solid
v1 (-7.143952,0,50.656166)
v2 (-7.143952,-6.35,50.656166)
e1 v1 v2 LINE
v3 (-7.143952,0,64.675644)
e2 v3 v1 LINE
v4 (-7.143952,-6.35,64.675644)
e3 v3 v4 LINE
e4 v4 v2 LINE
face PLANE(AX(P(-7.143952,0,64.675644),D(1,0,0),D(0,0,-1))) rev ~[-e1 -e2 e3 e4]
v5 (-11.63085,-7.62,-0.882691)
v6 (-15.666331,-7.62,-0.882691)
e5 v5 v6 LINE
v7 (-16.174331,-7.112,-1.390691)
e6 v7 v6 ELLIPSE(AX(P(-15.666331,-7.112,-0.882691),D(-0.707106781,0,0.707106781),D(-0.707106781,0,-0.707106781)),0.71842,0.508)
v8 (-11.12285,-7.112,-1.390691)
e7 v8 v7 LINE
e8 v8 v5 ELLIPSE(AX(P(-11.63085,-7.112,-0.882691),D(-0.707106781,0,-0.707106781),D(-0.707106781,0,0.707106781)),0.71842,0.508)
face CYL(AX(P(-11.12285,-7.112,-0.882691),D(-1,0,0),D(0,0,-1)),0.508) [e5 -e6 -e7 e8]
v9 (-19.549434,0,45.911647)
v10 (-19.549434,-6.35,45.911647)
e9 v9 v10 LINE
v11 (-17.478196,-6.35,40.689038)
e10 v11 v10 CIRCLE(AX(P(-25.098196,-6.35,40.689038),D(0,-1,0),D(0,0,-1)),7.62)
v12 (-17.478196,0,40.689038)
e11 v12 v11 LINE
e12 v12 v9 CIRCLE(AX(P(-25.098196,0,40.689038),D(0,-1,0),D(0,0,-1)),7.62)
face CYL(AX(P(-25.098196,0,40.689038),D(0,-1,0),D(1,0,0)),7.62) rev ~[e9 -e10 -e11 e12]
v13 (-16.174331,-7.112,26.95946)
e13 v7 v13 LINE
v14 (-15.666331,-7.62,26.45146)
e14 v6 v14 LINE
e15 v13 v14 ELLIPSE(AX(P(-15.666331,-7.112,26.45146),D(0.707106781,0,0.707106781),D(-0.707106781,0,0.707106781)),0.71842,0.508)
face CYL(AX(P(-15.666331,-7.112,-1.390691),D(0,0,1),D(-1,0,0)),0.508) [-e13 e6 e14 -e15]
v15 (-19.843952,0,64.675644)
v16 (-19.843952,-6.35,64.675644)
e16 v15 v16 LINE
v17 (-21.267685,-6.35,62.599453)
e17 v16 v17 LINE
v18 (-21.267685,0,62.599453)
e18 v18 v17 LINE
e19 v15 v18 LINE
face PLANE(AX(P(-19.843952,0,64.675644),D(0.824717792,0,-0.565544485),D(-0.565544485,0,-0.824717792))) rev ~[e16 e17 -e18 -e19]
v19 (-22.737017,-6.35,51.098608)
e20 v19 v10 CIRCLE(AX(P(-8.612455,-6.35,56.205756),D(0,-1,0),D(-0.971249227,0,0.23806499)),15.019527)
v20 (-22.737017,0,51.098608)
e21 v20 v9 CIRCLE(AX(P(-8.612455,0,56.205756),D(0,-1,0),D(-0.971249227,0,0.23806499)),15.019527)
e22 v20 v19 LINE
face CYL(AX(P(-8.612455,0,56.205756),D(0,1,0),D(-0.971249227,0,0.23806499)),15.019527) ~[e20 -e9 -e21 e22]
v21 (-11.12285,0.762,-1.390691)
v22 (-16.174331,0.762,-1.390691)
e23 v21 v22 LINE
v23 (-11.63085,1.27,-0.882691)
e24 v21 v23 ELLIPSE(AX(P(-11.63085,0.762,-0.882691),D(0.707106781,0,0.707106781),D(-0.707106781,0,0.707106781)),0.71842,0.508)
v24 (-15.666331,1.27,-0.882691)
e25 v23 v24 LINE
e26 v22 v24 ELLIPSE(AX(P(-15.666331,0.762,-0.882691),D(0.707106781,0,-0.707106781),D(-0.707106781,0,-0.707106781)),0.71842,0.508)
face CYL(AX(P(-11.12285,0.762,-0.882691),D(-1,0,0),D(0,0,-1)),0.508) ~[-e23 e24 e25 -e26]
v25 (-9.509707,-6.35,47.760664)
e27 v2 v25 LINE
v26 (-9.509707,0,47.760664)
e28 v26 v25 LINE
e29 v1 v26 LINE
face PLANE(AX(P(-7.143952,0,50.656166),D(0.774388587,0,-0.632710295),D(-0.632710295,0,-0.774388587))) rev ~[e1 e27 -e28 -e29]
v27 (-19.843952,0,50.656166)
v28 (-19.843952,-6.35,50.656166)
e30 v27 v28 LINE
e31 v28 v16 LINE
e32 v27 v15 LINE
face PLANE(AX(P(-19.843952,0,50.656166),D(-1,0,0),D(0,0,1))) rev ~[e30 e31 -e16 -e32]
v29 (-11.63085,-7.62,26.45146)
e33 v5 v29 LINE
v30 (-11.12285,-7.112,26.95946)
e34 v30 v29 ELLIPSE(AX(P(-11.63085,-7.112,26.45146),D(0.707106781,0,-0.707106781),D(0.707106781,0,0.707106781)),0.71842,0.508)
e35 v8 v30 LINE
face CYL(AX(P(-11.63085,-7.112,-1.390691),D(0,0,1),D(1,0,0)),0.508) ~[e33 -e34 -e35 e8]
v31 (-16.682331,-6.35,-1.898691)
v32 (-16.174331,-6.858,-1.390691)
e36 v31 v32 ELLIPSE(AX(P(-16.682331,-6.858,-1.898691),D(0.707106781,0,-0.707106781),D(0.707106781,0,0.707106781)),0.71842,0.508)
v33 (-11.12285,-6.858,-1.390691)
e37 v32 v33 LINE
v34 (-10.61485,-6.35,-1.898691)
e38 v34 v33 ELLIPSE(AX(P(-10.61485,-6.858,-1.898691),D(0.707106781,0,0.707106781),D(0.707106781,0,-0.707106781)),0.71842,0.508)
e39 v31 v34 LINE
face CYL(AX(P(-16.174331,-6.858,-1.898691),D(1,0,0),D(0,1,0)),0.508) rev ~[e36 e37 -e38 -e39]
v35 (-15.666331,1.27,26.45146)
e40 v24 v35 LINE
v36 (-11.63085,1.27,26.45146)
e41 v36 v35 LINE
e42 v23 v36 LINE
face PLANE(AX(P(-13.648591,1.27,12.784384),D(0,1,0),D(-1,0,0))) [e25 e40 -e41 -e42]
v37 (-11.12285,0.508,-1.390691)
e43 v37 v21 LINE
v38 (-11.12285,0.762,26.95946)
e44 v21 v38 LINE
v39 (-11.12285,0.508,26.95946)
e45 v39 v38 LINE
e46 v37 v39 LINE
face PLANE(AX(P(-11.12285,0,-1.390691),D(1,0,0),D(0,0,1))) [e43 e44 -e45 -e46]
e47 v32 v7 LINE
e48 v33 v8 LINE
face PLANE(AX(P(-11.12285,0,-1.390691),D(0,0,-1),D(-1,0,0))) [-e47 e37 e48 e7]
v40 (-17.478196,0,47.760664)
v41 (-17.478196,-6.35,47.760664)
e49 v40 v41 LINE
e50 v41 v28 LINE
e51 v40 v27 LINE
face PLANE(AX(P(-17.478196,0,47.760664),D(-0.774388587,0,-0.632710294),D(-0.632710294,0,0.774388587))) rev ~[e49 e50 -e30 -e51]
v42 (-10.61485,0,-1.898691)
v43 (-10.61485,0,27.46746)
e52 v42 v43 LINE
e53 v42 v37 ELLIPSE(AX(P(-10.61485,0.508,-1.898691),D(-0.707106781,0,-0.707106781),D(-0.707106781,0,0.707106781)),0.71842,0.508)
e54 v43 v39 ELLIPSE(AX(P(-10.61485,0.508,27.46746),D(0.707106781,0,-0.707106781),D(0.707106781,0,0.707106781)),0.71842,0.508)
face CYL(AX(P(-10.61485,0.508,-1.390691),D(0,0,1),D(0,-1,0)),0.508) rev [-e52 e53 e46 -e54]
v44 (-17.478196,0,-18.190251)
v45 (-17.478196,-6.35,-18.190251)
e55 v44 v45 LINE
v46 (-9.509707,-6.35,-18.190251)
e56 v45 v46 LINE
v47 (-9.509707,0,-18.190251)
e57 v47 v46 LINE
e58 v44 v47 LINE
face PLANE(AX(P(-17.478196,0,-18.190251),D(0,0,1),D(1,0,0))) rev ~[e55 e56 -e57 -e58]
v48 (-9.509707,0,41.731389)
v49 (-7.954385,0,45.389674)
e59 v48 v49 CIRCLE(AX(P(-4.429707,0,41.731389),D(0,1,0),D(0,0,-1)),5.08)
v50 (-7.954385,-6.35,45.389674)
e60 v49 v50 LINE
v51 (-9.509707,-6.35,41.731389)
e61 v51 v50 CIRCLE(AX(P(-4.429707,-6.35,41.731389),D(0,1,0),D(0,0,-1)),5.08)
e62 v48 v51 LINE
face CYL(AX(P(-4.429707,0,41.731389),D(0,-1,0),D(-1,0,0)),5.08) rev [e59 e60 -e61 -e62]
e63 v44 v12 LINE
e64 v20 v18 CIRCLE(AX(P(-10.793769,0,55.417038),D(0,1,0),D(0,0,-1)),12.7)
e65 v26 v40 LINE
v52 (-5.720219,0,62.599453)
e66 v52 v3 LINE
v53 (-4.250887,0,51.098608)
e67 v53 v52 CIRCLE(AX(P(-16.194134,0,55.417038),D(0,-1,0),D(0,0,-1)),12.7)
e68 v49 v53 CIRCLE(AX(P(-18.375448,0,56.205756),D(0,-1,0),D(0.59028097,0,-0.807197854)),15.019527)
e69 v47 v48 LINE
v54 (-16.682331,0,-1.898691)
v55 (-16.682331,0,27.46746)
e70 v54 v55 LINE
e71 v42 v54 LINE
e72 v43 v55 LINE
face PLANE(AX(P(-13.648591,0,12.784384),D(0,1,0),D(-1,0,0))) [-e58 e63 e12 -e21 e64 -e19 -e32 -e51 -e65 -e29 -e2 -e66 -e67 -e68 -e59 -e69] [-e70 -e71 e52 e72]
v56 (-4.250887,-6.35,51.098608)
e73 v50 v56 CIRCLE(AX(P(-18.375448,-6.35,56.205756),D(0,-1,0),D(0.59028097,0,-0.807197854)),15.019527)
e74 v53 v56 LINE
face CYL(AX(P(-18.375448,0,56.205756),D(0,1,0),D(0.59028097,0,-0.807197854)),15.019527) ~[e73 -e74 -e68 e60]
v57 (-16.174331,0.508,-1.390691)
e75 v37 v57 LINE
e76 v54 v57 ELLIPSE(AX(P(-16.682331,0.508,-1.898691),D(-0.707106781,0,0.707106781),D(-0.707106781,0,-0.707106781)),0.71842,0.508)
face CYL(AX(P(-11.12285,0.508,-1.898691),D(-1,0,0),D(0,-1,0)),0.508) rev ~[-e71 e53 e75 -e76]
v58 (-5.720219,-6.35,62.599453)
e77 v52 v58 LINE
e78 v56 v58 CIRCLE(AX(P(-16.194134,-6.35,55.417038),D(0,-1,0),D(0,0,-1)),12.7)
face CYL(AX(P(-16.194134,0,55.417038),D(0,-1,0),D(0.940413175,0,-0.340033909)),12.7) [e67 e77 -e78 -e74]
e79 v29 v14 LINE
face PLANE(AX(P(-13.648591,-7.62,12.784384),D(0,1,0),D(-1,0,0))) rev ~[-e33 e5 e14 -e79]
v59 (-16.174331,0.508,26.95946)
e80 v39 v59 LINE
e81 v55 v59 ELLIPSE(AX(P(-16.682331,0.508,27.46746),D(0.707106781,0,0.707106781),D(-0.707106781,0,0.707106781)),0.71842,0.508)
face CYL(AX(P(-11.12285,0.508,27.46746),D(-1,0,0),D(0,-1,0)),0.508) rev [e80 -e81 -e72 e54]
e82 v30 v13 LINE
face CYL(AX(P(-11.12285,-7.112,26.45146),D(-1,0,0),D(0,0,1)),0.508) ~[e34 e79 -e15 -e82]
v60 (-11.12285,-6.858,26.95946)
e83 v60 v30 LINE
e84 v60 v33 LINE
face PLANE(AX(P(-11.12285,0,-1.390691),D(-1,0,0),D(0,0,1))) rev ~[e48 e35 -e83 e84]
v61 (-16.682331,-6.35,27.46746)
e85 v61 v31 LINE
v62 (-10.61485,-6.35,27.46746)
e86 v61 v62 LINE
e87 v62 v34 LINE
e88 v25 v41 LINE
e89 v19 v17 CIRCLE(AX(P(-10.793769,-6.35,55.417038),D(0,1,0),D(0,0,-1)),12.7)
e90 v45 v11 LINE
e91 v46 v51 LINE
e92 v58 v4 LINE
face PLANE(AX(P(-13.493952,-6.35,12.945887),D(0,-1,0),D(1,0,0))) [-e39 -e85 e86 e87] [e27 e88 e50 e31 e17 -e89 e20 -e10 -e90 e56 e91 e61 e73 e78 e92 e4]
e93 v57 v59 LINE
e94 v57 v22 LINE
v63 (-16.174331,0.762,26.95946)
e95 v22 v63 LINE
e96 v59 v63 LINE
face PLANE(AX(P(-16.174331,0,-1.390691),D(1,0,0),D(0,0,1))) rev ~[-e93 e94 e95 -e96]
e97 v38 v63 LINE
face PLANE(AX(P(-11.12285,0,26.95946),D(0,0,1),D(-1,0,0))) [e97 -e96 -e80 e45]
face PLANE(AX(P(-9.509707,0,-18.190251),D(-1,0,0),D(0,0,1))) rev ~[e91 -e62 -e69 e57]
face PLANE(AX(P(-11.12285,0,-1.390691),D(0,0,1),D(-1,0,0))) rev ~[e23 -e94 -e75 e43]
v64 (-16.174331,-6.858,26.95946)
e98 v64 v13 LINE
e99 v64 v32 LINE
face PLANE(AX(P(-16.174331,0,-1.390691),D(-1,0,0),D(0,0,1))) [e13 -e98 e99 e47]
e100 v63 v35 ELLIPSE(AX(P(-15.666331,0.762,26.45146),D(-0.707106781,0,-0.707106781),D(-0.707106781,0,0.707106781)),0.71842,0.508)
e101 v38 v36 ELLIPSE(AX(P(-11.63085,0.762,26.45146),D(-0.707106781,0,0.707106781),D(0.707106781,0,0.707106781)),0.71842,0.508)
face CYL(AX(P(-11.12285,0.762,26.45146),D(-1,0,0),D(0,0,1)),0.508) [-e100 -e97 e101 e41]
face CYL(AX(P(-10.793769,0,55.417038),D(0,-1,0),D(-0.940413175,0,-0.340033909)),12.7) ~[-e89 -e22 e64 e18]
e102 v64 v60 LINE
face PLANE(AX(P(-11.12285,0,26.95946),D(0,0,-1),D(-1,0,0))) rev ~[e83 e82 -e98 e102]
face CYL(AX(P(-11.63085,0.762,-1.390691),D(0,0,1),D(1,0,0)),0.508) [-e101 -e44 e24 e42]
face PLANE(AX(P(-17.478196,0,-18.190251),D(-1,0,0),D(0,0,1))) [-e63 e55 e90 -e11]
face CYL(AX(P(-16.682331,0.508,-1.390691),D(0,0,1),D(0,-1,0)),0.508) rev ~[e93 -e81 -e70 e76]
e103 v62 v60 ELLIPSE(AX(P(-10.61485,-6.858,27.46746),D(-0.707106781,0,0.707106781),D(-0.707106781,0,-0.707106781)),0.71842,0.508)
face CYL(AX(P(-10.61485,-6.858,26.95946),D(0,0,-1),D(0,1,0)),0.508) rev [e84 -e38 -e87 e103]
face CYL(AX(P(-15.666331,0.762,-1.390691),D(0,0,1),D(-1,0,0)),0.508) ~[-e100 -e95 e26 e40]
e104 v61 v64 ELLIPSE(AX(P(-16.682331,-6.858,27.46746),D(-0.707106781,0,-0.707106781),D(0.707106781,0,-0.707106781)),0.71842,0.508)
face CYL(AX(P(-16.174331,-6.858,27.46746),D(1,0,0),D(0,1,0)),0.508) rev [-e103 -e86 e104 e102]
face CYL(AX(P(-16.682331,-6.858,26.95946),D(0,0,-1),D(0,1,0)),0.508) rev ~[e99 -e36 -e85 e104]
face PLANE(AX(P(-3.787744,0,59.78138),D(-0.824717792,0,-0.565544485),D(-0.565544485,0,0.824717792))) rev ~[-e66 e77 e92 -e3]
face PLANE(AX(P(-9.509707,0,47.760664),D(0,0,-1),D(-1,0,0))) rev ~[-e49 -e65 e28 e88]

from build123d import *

# Parameters (mm, degrees)
F0_W          = 7.9684891073
F0_H          = 62.2722776352
F1_DEPTH      = 6.35
F2_R          = 7.62
F3_R          = 12.7
F4_W          = 5.0514815375
F4_H          = 28.3501516096
F5_DEPTH      = 7.62
F5_DEPTH_BACK = 1.27
F6_R          = 0.508
F7_R          = 0.508
F8_R          = 0.508
F9_R          = 5.08


with BuildPart() as f1:
    # F0 (on Front) → F1 (new body)
    with BuildSketch(Plane.XZ):
        with Locations((-13.4939518757, 12.9458873377)):
            Rectangle(F0_W, F0_H)
        with BuildLine():
            ThreePointArc((-23.2001595007, 59.7813798143), (-22.7239205368, 51.0625328759), (-17.4781964294, 44.0820261553))
            Line((-17.4781964294, 44.0820261553), (-9.5097073221, 44.0820261553))
            ThreePointArc((-9.5097073221, 44.0820261553), (-4.2639832147, 51.0625328759), (-3.7877442507, 59.7813798143))
            Line((-3.7877442507, 59.7813798143), (-7.1439518757, 59.7813798143))
            Line((-7.1439518757, 59.7813798143), (-7.1439518757, 50.6561658404))
            Line((-7.1439518757, 50.6561658404), (-9.5097073221, 47.7606636927))
            Line((-9.5097073221, 47.7606636927), (-17.4781964294, 47.7606636927))
            Line((-17.4781964294, 47.7606636927), (-19.8439518757, 50.6561658404))
            Line((-19.8439518757, 50.6561658404), (-19.8439518757, 59.7813798143))
            Line((-19.8439518757, 59.7813798143), (-23.2001595007, 59.7813798143))
        make_face()
        Polygon((-19.8439518757, 64.6756440401), (-23.2001595007, 59.7813798143), (-19.8439518757, 59.7813798143), align=None)
        Polygon((-7.1439518757, 59.7813798143), (-3.7877442507, 59.7813798143), (-7.1439518757, 64.6756440401), align=None)
    extrude(amount=F1_DEPTH)

    # F2
    f2_edges = [f1.edges().sort_by_distance(p)[0] for p in [
        (-17.478196, -3.175, 44.082026),
    ]]
    fillet(f2_edges, radius=F2_R)

    # F3
    f3_edges = [f1.edges().sort_by_distance(p)[0] for p in [
        (-3.787744, -3.175, 59.78138),
        (-23.20016, -3.175, 59.78138),
    ]]
    fillet(f3_edges, radius=F3_R)

    # F4 (on face) → F5 (join, two sides)
    with BuildSketch(Plane(origin=(0, 0, 0), x_dir=(-1, 0, 0), z_dir=(0, 1, 0))) as f5_sk:
        with Locations((13.6485905387, 12.7843844239)):
            Rectangle(F4_W, F4_H)
    extrude(amount=-F5_DEPTH)
    extrude(f5_sk.sketch, amount=F5_DEPTH_BACK)

    # F6
    f6_edges = [f1.edges().sort_by_distance(p)[0] for p in [
        (-11.12285, 0, 12.784384),
        (-13.648591, 0, -1.390691),
        (-13.648591, 0, 26.95946),
        (-16.174331, 0, 12.784384),
    ]]
    fillet(f6_edges, radius=F6_R)

    # F7
    f7_edges = [f1.edges().sort_by_distance(p)[0] for p in [
        (-11.12285, 1.27, 12.784384),
        (-13.648591, 1.27, -1.390691),
        (-16.174331, 1.27, 12.784384),
        (-13.648591, 1.27, 26.95946),
    ]]
    fillet(f7_edges, radius=F7_R)

    # F8
    f8_edges = [f1.edges().sort_by_distance(p)[0] for p in [
        (-13.648591, -6.35, -1.390691),
        (-11.12285, -6.35, 12.784384),
        (-13.648591, -6.35, 26.95946),
        (-16.174331, -6.35, 12.784384),
        (-11.12285, -7.62, 12.784384),
        (-13.648591, -7.62, -1.390691),
        (-16.174331, -7.62, 12.784384),
        (-13.648591, -7.62, 26.95946),
    ]]
    fillet(f8_edges, radius=F8_R)

    # F9
    f9_edges = [f1.edges().sort_by_distance(p)[0] for p in [
        (-9.509707, -3.175, 44.082026),
    ]]
    fillet(f9_edges, radius=F9_R)


solid = f1.part
